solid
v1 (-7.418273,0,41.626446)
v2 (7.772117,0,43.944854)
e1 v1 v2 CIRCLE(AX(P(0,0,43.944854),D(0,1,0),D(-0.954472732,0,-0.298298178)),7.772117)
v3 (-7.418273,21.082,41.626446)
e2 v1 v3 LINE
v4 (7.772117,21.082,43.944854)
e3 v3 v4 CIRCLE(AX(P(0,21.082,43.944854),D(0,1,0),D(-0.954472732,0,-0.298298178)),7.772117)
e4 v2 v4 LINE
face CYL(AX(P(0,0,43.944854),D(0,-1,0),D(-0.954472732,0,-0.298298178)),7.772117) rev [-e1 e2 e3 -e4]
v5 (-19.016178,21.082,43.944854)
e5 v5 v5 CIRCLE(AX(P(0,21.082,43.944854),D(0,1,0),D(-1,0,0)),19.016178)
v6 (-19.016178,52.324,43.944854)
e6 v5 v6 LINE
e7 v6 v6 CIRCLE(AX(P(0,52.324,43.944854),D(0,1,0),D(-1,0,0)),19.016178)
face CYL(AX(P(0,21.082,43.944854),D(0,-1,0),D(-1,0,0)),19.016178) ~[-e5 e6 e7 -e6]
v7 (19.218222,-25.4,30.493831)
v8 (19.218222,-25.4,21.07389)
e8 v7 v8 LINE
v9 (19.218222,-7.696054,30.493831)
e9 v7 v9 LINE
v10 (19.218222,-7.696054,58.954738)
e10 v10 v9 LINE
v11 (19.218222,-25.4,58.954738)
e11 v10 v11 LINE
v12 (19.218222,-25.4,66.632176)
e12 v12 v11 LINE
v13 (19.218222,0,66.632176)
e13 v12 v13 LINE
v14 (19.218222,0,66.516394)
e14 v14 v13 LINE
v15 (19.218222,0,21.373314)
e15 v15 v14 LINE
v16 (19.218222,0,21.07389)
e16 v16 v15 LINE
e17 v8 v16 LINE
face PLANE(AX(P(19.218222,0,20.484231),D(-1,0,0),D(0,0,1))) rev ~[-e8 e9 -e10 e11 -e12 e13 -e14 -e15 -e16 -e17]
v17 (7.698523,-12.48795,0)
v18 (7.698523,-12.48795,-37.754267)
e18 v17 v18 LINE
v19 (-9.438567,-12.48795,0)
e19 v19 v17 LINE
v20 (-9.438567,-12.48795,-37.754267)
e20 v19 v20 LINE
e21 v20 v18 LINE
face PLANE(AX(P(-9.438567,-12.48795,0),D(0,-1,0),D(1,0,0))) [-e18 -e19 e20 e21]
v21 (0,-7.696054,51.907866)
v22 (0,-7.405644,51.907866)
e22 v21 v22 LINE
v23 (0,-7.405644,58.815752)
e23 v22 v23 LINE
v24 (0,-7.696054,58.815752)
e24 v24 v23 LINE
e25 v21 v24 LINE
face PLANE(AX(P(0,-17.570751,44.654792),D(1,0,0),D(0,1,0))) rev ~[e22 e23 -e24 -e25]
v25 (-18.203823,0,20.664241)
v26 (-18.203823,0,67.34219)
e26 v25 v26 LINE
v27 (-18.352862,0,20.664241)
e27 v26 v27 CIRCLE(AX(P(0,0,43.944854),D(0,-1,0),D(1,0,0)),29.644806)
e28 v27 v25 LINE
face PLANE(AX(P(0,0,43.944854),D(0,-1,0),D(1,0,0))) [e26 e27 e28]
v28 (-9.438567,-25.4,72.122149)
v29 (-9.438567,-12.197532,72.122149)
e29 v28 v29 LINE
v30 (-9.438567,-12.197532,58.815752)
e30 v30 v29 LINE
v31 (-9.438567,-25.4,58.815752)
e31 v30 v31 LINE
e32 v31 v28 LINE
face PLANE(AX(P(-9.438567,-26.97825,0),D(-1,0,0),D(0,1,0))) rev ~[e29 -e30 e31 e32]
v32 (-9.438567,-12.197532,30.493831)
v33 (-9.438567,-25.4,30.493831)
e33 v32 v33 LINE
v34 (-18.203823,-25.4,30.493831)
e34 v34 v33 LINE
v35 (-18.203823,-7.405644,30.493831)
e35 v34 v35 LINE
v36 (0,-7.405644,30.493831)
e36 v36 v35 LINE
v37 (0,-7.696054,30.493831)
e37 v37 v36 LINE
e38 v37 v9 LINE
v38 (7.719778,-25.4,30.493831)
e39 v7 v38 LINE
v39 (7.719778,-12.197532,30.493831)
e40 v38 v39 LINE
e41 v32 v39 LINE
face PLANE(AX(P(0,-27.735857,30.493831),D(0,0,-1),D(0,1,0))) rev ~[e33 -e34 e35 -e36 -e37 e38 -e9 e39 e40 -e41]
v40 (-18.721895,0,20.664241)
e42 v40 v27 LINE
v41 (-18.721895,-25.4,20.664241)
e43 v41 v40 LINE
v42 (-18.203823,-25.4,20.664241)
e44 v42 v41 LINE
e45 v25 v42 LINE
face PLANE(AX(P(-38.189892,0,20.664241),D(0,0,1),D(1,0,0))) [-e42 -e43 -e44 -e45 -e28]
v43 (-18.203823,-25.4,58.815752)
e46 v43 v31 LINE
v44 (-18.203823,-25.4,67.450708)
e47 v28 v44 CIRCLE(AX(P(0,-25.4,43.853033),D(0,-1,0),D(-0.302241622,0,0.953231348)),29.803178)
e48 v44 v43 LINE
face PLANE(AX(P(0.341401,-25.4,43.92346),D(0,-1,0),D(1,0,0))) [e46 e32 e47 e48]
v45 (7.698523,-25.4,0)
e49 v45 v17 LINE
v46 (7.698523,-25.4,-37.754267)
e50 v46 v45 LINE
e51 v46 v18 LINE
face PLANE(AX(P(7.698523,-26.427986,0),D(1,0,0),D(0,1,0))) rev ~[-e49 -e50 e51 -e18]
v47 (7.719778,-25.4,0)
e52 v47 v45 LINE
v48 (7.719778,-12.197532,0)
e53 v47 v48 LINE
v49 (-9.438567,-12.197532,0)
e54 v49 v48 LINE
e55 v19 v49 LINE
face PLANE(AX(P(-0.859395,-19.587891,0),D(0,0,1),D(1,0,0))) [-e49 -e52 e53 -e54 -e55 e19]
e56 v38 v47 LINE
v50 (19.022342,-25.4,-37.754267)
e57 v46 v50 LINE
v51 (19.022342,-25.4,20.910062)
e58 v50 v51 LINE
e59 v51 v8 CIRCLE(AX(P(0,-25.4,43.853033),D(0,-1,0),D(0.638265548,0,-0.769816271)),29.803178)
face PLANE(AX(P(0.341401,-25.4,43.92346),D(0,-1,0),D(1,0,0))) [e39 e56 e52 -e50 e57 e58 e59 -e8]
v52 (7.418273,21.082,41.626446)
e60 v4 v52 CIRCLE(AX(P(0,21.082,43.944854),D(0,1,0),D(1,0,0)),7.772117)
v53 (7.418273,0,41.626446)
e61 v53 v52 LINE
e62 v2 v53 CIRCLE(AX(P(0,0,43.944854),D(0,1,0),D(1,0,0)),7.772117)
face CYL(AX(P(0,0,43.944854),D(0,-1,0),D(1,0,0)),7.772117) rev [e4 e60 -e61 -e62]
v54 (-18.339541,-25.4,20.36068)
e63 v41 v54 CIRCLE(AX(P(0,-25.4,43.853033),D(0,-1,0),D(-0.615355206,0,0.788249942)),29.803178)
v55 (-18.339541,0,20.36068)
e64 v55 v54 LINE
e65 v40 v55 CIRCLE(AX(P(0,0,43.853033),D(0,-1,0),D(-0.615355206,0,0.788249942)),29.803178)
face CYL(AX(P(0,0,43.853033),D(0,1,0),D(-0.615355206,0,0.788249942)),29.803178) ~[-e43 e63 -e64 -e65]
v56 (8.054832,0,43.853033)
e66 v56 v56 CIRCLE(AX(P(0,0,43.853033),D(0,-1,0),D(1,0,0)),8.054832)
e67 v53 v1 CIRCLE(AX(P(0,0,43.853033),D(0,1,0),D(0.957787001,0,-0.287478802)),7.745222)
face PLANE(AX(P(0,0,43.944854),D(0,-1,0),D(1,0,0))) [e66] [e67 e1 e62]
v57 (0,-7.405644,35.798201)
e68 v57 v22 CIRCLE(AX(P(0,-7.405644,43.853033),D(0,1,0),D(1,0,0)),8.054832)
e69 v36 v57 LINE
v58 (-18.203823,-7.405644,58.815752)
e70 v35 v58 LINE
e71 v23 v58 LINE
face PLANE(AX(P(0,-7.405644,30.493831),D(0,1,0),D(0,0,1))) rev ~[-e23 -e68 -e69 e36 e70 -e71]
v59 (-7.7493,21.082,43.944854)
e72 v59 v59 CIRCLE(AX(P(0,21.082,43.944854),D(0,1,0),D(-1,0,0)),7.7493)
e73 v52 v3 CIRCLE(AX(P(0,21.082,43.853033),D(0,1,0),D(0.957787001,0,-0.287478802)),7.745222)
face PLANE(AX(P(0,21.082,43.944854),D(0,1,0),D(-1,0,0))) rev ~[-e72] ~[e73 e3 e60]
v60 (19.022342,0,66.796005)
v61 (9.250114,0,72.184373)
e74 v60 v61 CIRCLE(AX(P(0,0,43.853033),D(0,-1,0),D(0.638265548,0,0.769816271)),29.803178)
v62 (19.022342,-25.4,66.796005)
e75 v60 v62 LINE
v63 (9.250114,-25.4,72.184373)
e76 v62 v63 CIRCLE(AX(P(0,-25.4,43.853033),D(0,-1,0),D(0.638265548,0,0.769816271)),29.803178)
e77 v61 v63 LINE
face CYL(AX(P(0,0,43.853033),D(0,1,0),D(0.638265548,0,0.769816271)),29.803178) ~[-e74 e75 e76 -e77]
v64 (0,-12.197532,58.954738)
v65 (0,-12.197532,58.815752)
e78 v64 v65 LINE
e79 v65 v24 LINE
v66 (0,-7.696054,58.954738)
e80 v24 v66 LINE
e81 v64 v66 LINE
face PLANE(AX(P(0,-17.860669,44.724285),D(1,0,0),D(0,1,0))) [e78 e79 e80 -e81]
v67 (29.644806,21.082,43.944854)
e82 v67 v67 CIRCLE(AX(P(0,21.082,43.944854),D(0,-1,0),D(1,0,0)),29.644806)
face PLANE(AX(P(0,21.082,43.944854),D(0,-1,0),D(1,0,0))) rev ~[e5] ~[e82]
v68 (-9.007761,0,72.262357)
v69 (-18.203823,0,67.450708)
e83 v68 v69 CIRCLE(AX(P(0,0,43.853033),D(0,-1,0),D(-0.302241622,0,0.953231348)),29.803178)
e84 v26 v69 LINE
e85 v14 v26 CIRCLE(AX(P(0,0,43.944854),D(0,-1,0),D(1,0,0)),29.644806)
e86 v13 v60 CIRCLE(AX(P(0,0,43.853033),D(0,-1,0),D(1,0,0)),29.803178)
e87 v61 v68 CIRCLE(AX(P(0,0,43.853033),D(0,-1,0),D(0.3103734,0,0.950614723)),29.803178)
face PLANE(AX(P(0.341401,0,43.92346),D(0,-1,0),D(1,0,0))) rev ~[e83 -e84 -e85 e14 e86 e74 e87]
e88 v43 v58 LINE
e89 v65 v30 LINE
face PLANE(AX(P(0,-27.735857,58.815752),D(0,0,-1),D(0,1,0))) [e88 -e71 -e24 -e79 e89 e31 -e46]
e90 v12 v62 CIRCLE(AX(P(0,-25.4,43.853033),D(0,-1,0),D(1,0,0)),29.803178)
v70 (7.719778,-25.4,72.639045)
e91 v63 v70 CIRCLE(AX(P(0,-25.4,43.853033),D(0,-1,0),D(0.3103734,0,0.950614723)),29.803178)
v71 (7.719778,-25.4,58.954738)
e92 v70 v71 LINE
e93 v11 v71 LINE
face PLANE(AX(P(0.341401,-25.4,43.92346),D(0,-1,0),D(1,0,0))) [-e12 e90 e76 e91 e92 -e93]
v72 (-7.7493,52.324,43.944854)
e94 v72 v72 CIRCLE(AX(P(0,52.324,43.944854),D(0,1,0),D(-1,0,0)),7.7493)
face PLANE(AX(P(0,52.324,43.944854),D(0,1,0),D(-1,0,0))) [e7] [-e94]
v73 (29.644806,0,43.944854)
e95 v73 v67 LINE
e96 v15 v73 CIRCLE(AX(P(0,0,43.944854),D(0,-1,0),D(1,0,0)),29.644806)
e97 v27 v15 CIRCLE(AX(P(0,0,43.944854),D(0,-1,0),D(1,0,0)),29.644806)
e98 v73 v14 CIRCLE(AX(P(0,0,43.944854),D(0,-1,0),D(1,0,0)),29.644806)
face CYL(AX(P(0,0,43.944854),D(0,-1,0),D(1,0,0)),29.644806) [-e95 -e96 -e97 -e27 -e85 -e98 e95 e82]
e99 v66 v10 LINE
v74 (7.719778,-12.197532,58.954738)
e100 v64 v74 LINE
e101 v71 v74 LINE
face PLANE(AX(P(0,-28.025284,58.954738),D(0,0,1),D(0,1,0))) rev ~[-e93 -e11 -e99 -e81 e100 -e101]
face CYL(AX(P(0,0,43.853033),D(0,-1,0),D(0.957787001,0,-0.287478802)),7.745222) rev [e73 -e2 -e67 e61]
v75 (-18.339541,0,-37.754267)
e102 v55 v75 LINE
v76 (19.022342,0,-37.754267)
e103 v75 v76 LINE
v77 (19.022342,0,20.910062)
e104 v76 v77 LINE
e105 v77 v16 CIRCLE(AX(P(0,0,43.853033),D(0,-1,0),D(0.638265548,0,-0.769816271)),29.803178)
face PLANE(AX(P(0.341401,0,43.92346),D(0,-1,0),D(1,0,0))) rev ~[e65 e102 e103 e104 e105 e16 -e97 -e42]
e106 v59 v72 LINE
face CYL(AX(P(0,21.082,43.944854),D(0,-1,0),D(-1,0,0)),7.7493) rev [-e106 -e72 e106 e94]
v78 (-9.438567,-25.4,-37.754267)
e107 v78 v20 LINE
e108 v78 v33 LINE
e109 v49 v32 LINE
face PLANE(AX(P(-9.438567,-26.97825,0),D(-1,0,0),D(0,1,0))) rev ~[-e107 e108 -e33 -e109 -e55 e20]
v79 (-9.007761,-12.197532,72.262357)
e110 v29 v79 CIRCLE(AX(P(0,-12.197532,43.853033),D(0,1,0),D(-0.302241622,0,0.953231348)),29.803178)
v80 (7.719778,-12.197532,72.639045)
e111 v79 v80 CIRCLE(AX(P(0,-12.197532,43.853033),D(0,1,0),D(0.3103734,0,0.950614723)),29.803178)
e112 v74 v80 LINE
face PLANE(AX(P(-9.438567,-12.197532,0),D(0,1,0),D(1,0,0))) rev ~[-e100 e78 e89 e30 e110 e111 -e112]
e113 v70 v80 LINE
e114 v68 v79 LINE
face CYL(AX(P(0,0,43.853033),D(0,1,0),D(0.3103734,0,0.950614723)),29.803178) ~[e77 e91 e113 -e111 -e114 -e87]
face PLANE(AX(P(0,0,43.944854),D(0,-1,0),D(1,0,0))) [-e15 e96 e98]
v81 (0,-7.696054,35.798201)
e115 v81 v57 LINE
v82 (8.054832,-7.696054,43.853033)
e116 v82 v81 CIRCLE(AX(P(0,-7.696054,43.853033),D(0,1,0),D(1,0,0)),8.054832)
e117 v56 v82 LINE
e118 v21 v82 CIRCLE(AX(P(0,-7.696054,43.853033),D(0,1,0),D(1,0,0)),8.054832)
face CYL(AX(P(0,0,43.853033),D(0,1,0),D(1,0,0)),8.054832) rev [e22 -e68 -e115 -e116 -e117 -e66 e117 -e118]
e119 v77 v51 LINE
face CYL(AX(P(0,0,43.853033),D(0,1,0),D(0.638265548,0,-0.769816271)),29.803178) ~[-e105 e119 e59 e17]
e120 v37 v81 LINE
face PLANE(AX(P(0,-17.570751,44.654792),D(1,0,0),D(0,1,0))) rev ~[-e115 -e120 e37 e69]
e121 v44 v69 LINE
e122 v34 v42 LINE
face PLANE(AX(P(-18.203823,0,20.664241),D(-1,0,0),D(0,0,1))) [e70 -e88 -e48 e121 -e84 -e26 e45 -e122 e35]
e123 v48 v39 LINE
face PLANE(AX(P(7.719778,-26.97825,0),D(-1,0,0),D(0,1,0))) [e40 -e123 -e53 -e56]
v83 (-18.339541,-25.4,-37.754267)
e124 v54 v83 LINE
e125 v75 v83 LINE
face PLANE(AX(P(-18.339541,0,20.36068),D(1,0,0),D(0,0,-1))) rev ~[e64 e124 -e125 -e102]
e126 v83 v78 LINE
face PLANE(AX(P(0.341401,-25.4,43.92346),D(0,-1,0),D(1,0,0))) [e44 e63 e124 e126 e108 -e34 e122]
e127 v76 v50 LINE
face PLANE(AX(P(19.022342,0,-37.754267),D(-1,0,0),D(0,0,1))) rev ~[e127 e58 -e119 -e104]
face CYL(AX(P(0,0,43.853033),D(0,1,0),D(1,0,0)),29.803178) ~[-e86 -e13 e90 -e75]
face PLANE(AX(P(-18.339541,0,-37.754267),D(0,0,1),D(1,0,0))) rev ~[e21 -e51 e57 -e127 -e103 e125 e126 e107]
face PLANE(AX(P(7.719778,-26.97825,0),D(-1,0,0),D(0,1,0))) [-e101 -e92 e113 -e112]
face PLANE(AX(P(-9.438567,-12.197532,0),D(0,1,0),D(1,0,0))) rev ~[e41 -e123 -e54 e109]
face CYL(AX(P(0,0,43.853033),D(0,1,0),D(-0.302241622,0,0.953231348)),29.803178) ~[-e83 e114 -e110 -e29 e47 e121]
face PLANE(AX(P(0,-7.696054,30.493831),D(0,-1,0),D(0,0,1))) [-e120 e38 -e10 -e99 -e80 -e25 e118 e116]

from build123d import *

# Parameters (mm, degrees)
F0_R      = 15.433167194
F0_R_2    = 8.0548322191
F1_DEPTH  = 25.4
F2_W      = 17.1370897226
F2_H      = 13.9400362968
F3_DEPTH  = 52.07
F4_W      = 17.1583444834
F4_H      = 14.7807182949
F5_DEPTH  = 100.076
F7_W      = 20.3292299993
F7_H      = 28.4609068185
F8_DEPTH  = 57.658
F9_W      = 20.3302133896
F9_H      = 28.3219206433
F10_DEPTH = 54.61
F11_W     = 19.8471819321
F11_H     = 48.8284118474
F11_W_2   = 19.9860688299
F11_H_2   = 48.6484020948
F12_DEPTH = 44.704
F13_R     = 29.6448056137
F13_R_2   = 17.9422846096
F14_DEPTH = 21.082
F15_R     = 19.0161777789
F15_R_2   = 7.7492998165
F16_DEPTH = 31.242


with BuildPart() as f1:
    # F0 (on Front) → F1 (new body)
    with BuildSketch(Plane.XZ):
        Polygon((19.0223418176, 28.2409206692), (19.0223418176, 59.6059984693), (9.2501137406, 59.6059984693), (-9.0077609013, 59.6059984693), (-18.3395408094, 59.6059984693), (-18.3395408094, 28.2409206692), (-9.0077609013, 28.2409206692), (9.2501137406, 28.2409206692), align=None)
        with Locations((0.1452074648, 43.853033334)):
            Circle(F0_R, mode=Mode.SUBTRACT)
        with BuildLine():
            Line((9.2501137406, -37.7542672334), (9.2501137406, 15.5216934006))
            ThreePointArc((9.2501137406, 15.5216934006), (0.1272952852, 14.0501270571), (-9.0077609013, 15.4437096852))
            Line((-9.0077609013, 15.4437096852), (-9.0077609013, -37.7542672334))
            Line((-9.0077609013, -37.7542672334), (9.2501137406, -37.7542672334))
        make_face()
        with Locations((0.1452074648, 43.853033334)):
            Circle(F0_R)
        with Locations((0, 43.853033334)):
            Circle(F0_R_2, mode=Mode.SUBTRACT)
        with BuildLine():
            Line((19.0223418176, -37.7542672334), (19.0223418176, 20.9100618958))
            ThreePointArc((19.0223418176, 20.9100618958), (14.3906763073, 17.7544153235), (9.2501137406, 15.5216934006))
            Line((9.2501137406, 15.5216934006), (9.2501137406, -37.7542672334))
            Line((9.2501137406, -37.7542672334), (19.0223418176, -37.7542672334))
        make_face()
        with BuildLine():
            Line((-9.0077609013, -37.7542672334), (-9.0077609013, 15.4437096852))
            ThreePointArc((-9.0077609013, 15.4437096852), (-13.8929074263, 17.4860738983), (-18.3395408094, 20.360679907))
            Line((-18.3395408094, 20.360679907), (-18.3395408094, -37.7542672334))
            Line((-18.3395408094, -37.7542672334), (-9.0077609013, -37.7542672334))
        make_face()
        with BuildLine():
            Line((-18.3395408094, 59.6059984693), (-18.3395408094, 67.345386761))
            ThreePointArc((-18.3395408094, 67.345386761), (-29.8031781298, 43.853033334), (-18.3395408094, 20.360679907))
            Line((-18.3395408094, 20.360679907), (-18.3395408094, 28.2409206692))
            Line((-18.3395408094, 28.2409206692), (-18.3395408094, 59.6059984693))
        make_face()
        with BuildLine():
            ThreePointArc((19.0223418176, 20.9100618958), (26.973650738, 31.178192408), (29.8031781298, 43.853033334))
            ThreePointArc((29.8031781298, 43.853033334), (26.973650738, 56.5278742601), (19.0223418176, 66.7960047722))
            Line((19.0223418176, 66.7960047722), (19.0223418176, 59.6059984693))
            Line((19.0223418176, 59.6059984693), (19.0223418176, 28.2409206692))
            Line((19.0223418176, 28.2409206692), (19.0223418176, 20.9100618958))
        make_face()
        with BuildLine():
            ThreePointArc((-9.0077609013, 15.4437096852), (0.1272952852, 14.0501270571), (9.2501137406, 15.5216934006))
            Line((9.2501137406, 15.5216934006), (9.2501137406, 28.2409206692))
            Line((9.2501137406, 28.2409206692), (-9.0077609013, 28.2409206692))
            Line((-9.0077609013, 28.2409206692), (-9.0077609013, 15.4437096852))
        make_face()
        with BuildLine():
            Line((9.2501137406, 59.6059984693), (9.2501137406, 72.1843732675))
            ThreePointArc((9.2501137406, 72.1843732675), (0.1272952852, 73.6559396109), (-9.0077609013, 72.2623569828))
            Line((-9.0077609013, 72.2623569828), (-9.0077609013, 59.6059984693))
            Line((-9.0077609013, 59.6059984693), (9.2501137406, 59.6059984693))
        make_face()
        with BuildLine():
            ThreePointArc((9.2501137406, 15.5216934006), (14.3906763073, 17.7544153235), (19.0223418176, 20.9100618958))
            Line((19.0223418176, 20.9100618958), (19.0223418176, 28.2409206692))
            Line((19.0223418176, 28.2409206692), (9.2501137406, 28.2409206692))
            Line((9.2501137406, 28.2409206692), (9.2501137406, 15.5216934006))
        make_face()
        with BuildLine():
            Line((19.0223418176, 59.6059984693), (19.0223418176, 66.7960047722))
            ThreePointArc((19.0223418176, 66.7960047722), (14.3906763073, 69.9516513445), (9.2501137406, 72.1843732675))
            Line((9.2501137406, 72.1843732675), (9.2501137406, 59.6059984693))
            Line((9.2501137406, 59.6059984693), (19.0223418176, 59.6059984693))
        make_face()
        with BuildLine():
            ThreePointArc((-18.3395408094, 20.360679907), (-13.8929074263, 17.4860738983), (-9.0077609013, 15.4437096852))
            Line((-9.0077609013, 15.4437096852), (-9.0077609013, 28.2409206692))
            Line((-9.0077609013, 28.2409206692), (-18.3395408094, 28.2409206692))
            Line((-18.3395408094, 28.2409206692), (-18.3395408094, 20.360679907))
        make_face()
        with BuildLine():
            Line((-9.0077609013, 59.6059984693), (-9.0077609013, 72.2623569828))
            ThreePointArc((-9.0077609013, 72.2623569828), (-13.8929074263, 70.2199927697), (-18.3395408094, 67.345386761))
            Line((-18.3395408094, 67.345386761), (-18.3395408094, 59.6059984693))
            Line((-18.3395408094, 59.6059984693), (-9.0077609013, 59.6059984693))
        make_face()
    extrude(amount=F1_DEPTH)

    # F2 (on Top) → F3 (cut)
    with BuildSketch(Plane.XY):
        with Locations((-0.8700220022, -19.4579679519)):
            Rectangle(F2_W, F2_H)
    extrude(amount=-F3_DEPTH, mode=Mode.SUBTRACT)

    # F4 (on Top) → F5 (cut)
    with BuildSketch(Plane.XY):
        with Locations((-0.8593946218, -19.5878909072)):
            Rectangle(F4_W, F4_H)
    extrude(amount=F5_DEPTH, mode=Mode.SUBTRACT)

    # F7 (on Right) → F8 (cut)
    with BuildSketch(Plane.YZ):
        with Locations((-17.8606694099, 44.7242846712)):
            Rectangle(F7_W, F7_H)
    extrude(amount=F8_DEPTH, mode=Mode.SUBTRACT)

    # F9 (on Right) → F10 (cut)
    with BuildSketch(Plane.YZ):
        with Locations((-17.5707505118, 44.6547915836)):
            Rectangle(F9_W, F9_H)
    extrude(amount=-F10_DEPTH, mode=Mode.SUBTRACT)

    # F11 (on Front) → F12 (cut)
    with BuildSketch(Plane.XZ):
        with Locations((29.1418134246, 44.8984373361)):
            Rectangle(F11_W, F11_H)
        with Locations((-28.1968573108, 44.9884422123)):
            Rectangle(F11_W_2, F11_H_2)
    extrude(amount=F12_DEPTH, mode=Mode.SUBTRACT)

    # F13 (on face) → F14 (join)
    with BuildSketch(Plane.XZ):
        with Locations((0, 43.9448542893)):
            Circle(F13_R)
        with Locations((0, 43.9448542893)):
            Circle(F13_R_2, mode=Mode.SUBTRACT)
        with Locations((0, 43.9448542893)):
            Circle(F13_R_2)
        with BuildLine():
            ThreePointArc((-7.4182733413, 41.6264460763), (-1.1726275703, 51.6280008186), (7.772116572, 43.9448542893))
            ThreePointArc((7.772116572, 43.9448542893), (7.6831465293, 42.772226719), (7.4182733413, 41.6264460763))
            ThreePointArc((7.4182733413, 41.6264460763), (0, 36.1078109239), (-7.4182733413, 41.6264460763))
        make_face(mode=Mode.SUBTRACT)
    extrude(amount=-F14_DEPTH)

    # F15 (on face) → F16 (join)
    with BuildSketch(Plane(origin=(0, 21.082, 0), x_dir=(-1, 0, 0), z_dir=(0, 1, 0))):
        with Locations((0, 43.9448542893)):
            Circle(F15_R)
        with Locations((0, 43.9448542893)):
            Circle(F15_R_2, mode=Mode.SUBTRACT)
    extrude(amount=F16_DEPTH)


solid = f1.part
